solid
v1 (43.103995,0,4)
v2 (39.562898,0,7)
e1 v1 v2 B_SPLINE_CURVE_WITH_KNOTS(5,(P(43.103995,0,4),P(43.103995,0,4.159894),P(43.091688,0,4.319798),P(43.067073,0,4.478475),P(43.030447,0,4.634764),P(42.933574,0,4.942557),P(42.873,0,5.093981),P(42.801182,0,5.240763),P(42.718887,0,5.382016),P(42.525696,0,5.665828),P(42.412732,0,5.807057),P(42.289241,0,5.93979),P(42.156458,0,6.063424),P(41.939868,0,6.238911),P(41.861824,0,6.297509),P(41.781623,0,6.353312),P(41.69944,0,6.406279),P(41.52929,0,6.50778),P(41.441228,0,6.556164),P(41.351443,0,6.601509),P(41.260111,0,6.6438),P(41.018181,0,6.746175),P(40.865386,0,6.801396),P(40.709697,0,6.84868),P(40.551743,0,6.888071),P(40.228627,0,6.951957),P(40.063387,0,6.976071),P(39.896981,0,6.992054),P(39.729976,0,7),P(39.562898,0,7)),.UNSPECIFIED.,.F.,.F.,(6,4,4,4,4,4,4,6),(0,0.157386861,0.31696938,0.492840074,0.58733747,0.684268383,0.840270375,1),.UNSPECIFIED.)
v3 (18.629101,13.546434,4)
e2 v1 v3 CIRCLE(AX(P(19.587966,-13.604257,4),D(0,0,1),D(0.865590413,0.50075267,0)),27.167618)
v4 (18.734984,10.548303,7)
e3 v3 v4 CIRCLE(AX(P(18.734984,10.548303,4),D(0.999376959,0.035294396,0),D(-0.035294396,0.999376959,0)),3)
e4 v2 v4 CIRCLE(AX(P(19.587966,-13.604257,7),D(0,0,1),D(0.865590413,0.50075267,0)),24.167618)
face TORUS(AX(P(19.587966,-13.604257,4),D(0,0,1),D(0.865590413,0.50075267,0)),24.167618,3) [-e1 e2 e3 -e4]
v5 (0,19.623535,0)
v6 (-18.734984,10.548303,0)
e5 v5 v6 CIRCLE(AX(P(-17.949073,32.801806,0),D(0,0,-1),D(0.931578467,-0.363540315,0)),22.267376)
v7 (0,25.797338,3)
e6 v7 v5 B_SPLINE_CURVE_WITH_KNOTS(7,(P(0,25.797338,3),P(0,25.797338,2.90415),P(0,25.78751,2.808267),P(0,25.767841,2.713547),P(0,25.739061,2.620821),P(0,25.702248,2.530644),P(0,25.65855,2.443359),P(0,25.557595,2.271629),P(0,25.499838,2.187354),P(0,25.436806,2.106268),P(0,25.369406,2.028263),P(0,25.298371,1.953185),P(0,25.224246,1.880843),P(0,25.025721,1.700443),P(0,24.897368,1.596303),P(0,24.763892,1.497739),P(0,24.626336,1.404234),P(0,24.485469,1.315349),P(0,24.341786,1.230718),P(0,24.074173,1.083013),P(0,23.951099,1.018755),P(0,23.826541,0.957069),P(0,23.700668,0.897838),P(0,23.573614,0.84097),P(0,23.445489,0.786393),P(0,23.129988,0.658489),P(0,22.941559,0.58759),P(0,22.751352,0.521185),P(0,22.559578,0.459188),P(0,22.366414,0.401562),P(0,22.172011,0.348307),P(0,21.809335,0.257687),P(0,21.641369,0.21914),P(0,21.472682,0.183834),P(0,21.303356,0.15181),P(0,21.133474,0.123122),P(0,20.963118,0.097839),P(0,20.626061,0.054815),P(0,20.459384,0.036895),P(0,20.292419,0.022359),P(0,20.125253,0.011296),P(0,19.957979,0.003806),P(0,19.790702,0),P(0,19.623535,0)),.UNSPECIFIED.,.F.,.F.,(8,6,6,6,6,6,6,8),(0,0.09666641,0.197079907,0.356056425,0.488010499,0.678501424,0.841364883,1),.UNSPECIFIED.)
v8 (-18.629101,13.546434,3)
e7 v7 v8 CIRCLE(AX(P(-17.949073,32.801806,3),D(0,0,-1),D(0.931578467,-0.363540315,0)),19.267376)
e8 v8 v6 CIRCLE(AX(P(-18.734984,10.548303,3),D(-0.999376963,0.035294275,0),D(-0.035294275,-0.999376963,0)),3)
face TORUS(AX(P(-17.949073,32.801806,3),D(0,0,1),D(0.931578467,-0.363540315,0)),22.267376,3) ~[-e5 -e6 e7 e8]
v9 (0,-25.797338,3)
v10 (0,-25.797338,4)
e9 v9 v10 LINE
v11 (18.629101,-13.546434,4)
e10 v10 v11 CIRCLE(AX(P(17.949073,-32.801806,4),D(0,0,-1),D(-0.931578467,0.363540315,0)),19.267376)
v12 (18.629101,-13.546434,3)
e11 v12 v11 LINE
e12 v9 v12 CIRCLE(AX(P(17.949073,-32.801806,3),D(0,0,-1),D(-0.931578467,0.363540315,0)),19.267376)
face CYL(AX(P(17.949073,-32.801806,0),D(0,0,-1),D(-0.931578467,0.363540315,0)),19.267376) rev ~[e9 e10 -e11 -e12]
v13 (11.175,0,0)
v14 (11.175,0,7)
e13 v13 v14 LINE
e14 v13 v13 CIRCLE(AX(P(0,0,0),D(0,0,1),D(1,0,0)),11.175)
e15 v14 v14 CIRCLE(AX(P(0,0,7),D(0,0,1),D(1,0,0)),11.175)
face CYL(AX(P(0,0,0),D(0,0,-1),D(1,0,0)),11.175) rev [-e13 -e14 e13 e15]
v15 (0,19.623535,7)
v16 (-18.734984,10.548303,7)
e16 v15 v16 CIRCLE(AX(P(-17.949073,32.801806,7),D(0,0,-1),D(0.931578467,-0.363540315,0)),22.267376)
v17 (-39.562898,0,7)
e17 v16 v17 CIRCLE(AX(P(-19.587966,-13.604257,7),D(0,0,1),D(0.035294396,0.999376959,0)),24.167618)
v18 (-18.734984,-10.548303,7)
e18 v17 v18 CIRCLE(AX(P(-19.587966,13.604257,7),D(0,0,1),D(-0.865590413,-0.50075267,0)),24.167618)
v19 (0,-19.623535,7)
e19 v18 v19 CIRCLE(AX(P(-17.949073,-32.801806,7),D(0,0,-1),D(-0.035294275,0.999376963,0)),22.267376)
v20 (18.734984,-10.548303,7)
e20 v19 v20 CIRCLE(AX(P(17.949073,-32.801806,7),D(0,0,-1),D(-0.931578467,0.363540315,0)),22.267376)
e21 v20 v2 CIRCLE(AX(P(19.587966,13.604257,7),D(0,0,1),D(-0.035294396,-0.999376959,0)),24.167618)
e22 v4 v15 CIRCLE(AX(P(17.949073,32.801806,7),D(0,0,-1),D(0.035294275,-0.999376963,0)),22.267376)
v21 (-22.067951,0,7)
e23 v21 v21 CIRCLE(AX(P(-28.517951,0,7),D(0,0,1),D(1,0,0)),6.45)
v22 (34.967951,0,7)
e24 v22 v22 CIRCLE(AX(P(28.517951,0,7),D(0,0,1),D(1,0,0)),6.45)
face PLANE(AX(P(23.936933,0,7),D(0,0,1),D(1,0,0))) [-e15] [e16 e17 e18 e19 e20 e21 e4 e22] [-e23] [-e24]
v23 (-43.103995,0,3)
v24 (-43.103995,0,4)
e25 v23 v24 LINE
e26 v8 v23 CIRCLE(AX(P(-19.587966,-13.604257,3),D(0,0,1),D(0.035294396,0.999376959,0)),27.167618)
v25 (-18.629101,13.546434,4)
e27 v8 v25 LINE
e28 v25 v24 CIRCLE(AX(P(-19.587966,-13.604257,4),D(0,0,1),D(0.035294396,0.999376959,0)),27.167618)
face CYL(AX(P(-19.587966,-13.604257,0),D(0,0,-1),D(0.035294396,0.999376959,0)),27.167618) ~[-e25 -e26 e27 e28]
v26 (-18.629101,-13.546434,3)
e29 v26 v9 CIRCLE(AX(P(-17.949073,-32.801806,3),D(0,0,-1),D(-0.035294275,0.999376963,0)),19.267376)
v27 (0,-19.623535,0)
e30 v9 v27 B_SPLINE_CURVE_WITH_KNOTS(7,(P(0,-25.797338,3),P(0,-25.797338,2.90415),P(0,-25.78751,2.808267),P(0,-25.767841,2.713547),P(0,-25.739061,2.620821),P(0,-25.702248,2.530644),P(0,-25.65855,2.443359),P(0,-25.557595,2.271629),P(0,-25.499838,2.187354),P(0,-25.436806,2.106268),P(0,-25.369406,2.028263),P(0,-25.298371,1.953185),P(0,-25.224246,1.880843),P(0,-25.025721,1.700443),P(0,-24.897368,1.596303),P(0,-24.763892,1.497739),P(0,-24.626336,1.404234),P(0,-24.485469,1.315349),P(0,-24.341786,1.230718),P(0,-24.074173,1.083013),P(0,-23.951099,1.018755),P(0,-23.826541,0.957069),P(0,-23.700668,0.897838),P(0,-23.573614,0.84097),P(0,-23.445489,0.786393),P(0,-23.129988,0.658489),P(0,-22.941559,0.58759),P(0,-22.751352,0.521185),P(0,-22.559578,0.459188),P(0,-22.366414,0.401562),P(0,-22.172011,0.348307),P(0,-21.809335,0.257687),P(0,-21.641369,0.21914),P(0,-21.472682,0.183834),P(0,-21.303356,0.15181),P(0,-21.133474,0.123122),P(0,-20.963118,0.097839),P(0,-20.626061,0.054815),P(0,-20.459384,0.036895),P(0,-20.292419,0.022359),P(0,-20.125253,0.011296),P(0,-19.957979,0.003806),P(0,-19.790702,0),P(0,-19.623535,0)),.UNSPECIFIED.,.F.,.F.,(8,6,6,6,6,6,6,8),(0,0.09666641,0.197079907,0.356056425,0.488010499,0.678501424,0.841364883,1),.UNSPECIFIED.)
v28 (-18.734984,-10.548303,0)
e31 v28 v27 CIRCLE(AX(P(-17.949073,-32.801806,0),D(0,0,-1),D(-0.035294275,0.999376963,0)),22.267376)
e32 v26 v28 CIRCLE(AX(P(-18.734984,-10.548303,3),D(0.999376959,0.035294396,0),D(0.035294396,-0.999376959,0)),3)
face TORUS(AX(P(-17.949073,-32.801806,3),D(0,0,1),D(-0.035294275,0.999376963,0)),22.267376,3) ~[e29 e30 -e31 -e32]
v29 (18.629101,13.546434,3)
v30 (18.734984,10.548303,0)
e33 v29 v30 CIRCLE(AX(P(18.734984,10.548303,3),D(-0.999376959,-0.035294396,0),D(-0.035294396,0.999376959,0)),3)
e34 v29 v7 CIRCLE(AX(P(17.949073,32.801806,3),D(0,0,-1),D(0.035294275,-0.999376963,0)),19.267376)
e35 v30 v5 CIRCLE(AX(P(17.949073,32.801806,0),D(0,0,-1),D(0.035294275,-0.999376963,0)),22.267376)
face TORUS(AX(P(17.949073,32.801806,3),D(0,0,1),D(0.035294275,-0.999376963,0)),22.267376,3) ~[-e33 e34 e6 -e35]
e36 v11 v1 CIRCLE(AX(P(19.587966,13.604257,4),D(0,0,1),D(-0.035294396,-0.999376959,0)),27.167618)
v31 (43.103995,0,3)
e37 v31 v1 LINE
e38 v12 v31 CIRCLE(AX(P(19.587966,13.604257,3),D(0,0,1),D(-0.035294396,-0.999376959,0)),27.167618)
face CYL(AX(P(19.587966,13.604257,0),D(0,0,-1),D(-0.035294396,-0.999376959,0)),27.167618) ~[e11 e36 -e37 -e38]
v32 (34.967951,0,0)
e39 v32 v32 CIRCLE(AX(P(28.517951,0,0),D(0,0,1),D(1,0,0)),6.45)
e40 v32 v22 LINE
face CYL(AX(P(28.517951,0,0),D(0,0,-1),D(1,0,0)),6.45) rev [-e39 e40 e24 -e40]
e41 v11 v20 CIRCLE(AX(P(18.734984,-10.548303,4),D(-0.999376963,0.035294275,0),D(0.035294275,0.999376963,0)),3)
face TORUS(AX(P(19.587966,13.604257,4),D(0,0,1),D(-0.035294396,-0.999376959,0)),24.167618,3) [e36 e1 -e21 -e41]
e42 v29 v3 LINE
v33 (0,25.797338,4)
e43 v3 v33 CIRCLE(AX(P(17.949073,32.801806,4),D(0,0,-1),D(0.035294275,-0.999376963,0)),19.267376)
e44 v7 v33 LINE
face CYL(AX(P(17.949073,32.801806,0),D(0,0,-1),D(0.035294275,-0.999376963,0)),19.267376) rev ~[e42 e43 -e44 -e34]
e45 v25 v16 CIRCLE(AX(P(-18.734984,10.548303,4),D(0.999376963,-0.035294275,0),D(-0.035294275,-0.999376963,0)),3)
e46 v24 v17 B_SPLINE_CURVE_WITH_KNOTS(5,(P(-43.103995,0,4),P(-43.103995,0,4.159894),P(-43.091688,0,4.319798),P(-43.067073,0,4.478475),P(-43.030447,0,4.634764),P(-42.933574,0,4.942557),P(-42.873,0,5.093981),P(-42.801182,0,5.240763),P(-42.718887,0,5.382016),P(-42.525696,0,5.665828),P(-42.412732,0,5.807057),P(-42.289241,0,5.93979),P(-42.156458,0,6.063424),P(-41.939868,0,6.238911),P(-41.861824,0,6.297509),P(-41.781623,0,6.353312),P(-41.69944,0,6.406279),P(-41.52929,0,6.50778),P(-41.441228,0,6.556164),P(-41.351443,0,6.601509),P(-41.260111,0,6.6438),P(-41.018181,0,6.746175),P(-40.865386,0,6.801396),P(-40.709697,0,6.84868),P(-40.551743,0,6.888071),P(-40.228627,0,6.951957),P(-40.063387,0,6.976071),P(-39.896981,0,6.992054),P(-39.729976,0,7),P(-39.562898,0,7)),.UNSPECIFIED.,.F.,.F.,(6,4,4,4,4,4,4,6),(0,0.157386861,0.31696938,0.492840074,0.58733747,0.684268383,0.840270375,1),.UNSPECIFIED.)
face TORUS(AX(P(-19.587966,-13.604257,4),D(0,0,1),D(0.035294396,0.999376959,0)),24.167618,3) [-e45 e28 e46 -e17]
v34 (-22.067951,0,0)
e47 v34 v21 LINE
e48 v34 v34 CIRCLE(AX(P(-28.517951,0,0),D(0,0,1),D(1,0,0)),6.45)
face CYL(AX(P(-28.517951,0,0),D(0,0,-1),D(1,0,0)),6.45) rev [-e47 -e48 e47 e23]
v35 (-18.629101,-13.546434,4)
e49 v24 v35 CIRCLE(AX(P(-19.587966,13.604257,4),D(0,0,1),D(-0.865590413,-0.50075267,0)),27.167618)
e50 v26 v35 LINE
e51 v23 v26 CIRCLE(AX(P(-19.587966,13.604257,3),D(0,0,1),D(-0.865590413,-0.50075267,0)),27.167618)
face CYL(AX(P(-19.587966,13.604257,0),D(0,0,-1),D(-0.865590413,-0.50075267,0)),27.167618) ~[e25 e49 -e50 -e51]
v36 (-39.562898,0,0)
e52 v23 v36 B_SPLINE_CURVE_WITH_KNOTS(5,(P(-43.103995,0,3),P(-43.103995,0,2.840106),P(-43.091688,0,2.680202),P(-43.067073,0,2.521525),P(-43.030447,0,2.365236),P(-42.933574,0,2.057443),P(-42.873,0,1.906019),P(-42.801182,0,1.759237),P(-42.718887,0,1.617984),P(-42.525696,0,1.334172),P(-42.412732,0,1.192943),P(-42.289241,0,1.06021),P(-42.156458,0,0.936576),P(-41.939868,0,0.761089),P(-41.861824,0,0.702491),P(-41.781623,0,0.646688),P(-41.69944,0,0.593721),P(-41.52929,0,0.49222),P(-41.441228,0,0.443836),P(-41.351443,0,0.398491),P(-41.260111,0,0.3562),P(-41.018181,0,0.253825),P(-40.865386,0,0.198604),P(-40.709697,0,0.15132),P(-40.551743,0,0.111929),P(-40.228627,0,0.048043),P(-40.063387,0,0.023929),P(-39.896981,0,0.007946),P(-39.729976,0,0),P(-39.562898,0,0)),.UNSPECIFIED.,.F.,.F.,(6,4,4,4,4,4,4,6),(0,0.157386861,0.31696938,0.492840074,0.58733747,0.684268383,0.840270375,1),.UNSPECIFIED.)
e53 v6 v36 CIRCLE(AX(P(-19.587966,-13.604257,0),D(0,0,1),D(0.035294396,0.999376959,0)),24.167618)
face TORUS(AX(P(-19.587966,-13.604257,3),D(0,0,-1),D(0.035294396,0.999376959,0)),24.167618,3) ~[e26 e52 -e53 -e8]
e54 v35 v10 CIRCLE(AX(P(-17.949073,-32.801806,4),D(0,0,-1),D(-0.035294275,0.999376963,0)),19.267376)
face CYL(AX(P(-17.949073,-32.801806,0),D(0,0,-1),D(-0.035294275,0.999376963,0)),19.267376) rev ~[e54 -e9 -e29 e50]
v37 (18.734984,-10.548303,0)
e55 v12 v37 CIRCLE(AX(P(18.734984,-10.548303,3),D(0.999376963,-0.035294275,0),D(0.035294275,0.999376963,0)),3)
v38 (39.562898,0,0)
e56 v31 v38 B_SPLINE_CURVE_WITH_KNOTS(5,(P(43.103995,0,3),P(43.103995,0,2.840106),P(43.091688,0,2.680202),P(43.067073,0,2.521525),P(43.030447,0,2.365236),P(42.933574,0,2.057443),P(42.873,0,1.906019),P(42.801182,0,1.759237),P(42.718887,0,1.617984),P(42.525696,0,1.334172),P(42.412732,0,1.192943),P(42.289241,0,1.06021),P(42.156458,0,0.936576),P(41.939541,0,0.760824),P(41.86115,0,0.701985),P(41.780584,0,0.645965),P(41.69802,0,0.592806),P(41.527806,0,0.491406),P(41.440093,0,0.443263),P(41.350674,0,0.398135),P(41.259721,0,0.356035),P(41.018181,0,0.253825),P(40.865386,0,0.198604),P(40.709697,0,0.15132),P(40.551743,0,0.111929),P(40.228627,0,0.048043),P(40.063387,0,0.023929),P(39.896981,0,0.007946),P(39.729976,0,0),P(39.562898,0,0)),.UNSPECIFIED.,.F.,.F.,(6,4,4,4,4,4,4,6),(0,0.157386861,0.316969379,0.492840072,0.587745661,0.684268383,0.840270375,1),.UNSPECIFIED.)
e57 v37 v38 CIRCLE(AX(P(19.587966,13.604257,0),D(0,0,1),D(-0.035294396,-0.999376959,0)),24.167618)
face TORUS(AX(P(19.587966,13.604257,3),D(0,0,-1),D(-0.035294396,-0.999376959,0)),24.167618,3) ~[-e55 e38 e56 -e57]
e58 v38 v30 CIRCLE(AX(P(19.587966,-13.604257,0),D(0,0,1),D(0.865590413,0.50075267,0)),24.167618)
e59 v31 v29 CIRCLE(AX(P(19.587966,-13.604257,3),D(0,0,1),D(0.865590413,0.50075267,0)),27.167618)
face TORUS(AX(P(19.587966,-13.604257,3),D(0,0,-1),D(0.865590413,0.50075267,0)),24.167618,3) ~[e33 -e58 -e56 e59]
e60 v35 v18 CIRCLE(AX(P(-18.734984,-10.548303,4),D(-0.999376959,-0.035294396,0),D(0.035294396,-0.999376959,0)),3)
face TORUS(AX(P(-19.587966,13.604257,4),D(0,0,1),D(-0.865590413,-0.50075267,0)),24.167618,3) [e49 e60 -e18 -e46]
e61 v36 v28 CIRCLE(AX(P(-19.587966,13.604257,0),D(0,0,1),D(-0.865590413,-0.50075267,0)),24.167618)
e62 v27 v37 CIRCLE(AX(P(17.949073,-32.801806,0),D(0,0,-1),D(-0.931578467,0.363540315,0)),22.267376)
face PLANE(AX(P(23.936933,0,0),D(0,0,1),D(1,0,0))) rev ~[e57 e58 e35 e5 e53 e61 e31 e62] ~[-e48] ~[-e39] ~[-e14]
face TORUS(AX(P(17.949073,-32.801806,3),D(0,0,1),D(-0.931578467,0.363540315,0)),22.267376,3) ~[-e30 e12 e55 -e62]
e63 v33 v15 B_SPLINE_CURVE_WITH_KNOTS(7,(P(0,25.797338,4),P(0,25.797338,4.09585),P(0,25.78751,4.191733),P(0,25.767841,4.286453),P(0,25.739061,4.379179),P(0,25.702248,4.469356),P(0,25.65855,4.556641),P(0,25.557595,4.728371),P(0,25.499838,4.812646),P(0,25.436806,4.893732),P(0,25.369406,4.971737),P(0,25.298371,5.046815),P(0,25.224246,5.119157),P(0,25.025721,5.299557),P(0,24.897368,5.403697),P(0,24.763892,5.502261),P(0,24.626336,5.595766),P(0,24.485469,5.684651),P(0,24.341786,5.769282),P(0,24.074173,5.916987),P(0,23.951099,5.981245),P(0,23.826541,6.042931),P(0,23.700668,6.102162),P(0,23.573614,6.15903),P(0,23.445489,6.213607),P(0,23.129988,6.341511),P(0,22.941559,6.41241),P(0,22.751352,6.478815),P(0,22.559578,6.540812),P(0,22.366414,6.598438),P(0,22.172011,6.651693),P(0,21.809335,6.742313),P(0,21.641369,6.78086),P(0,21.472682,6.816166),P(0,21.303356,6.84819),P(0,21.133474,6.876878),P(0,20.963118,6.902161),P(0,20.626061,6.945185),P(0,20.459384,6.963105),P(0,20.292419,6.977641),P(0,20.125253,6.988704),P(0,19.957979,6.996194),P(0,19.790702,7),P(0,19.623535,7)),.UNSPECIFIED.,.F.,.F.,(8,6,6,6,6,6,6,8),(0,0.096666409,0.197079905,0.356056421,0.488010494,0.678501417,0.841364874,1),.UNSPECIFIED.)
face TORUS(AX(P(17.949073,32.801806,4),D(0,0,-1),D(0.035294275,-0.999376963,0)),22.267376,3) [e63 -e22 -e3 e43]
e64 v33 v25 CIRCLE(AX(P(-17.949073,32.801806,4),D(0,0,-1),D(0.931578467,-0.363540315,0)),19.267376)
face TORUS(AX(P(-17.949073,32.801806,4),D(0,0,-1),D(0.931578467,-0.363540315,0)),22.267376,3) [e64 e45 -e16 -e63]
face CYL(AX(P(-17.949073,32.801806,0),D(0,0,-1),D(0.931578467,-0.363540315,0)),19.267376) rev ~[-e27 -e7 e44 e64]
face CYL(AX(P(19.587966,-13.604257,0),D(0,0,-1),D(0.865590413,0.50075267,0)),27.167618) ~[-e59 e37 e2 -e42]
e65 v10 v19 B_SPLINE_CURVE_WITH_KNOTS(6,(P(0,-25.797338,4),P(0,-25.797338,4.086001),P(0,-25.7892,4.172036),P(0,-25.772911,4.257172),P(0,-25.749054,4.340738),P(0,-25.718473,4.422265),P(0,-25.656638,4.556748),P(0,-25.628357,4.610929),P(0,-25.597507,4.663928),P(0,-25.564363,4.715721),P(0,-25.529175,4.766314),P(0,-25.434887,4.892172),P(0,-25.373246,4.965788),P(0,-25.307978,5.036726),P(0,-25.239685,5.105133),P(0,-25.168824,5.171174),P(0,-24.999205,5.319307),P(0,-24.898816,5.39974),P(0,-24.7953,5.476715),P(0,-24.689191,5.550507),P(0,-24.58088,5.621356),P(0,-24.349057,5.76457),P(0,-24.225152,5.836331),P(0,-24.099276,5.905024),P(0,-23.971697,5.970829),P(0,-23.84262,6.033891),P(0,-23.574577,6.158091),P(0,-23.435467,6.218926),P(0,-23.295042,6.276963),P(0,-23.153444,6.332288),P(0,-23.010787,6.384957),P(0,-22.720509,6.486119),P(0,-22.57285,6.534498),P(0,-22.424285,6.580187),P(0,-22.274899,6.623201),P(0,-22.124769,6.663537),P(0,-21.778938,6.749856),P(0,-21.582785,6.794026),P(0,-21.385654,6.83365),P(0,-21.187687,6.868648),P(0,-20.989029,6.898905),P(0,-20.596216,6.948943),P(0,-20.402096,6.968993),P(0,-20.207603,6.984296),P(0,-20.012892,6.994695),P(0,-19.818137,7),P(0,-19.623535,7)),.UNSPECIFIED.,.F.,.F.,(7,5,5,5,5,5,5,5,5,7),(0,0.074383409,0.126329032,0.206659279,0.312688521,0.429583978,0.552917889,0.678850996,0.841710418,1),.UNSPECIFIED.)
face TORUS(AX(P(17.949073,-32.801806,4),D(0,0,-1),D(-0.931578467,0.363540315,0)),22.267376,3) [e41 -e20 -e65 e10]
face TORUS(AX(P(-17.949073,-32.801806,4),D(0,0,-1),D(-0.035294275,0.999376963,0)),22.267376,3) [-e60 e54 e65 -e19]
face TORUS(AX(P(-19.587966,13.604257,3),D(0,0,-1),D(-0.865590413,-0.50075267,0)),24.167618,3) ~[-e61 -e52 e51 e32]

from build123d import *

# Parameters (mm, degrees)
F0_R     = 6.45
F0_R_2   = 11.175
F1_DEPTH = 7
F2_R     = 3


with BuildPart() as f1:
    # F0 (on Top) → F1 (new body)
    with BuildSketch(Plane.XY):
        with BuildLine():
            ThreePointArc((9.599923, 11.660709), (13.65884, 6.447227), (15.103995, 0))
            ThreePointArc((15.103995, 0), (13.65884, -6.447227), (9.599923, -11.660709))
            ThreePointArc((9.599923, -11.660709), (14.033897, -12.989573), (18.629101, -13.546434))
            ThreePointArc((18.629101, -13.546434), (32.744063, -10.165399), (43.103995, 0))
            ThreePointArc((43.103995, 0), (32.744063, 10.165399), (18.629101, 13.546434))
            ThreePointArc((18.629101, 13.546434), (14.033897, 12.989573), (9.599923, 11.660709))
        make_face()
        with Locations((28.517951, 0)):
            Circle(F0_R, mode=Mode.SUBTRACT)
        with BuildLine():
            ThreePointArc((-9.599923, 11.660709), (0, 15.103995), (9.599923, 11.660709))
            ThreePointArc((9.599923, 11.660709), (14.033897, 12.989573), (18.629101, 13.546434))
            ThreePointArc((18.629101, 13.546434), (7.362471, 16.703494), (0, 25.797338))
            ThreePointArc((0, 25.797338), (-7.362471, 16.703494), (-18.629101, 13.546434))
            ThreePointArc((-18.629101, 13.546434), (-14.033897, 12.989573), (-9.599923, 11.660709))
        make_face()
        with BuildLine():
            ThreePointArc((18.629101, -13.546434), (14.033897, -12.989573), (9.599923, -11.660709))
            ThreePointArc((9.599923, -11.660709), (0, -15.103995), (-9.599923, -11.660709))
            ThreePointArc((-9.599923, -11.660709), (-14.033897, -12.989573), (-18.629101, -13.546434))
            ThreePointArc((-18.629101, -13.546434), (-7.362471, -16.703494), (0, -25.797338))
            ThreePointArc((0, -25.797338), (7.362471, -16.703494), (18.629101, -13.546434))
        make_face()
        with BuildLine():
            ThreePointArc((-9.599923, -11.660709), (-15.103995, 0), (-9.599923, 11.660709))
            ThreePointArc((-9.599923, 11.660709), (-14.033897, 12.989573), (-18.629101, 13.546434))
            ThreePointArc((-18.629101, 13.546434), (-32.744063, 10.165399), (-43.103995, 0))
            ThreePointArc((-43.103995, 0), (-32.744063, -10.165399), (-18.629101, -13.546434))
            ThreePointArc((-18.629101, -13.546434), (-14.033897, -12.989573), (-9.599923, -11.660709))
        make_face()
        with Locations((-28.517951, 0)):
            Circle(F0_R, mode=Mode.SUBTRACT)
        with BuildLine():
            ThreePointArc((9.599923, -11.660709), (13.65884, -6.447227), (15.103995, 0))
            ThreePointArc((15.103995, 0), (13.65884, 6.447227), (9.599923, 11.660709))
            ThreePointArc((9.599923, 11.660709), (0, 15.103995), (-9.599923, 11.660709))
            ThreePointArc((-9.599923, 11.660709), (-15.103995, 0), (-9.599923, -11.660709))
            ThreePointArc((-9.599923, -11.660709), (0, -15.103995), (9.599923, -11.660709))
        make_face()
        Circle(F0_R_2, mode=Mode.SUBTRACT)
    extrude(amount=F1_DEPTH)

    # F2
    f2_edges = [f1.edges().sort_by_distance(p)[0] for p in [
        (7.362471, -16.703494, 7),
        (32.744063, -10.165399, 7),
        (32.744063, 10.165399, 7),
        (7.362471, 16.703494, 7),
        (-7.362471, 16.703494, 7),
        (-32.744063, -10.165399, 7),
        (-7.362471, -16.703494, 7),
        (-32.744063, 10.165399, 7),
        (7.362471, -16.703494, 0),
        (32.744063, -10.165399, 0),
        (-7.362471, -16.703494, 0),
        (-32.744063, -10.165399, 0),
        (-32.744063, 10.165399, 0),
        (-7.362471, 16.703494, 0),
        (7.362471, 16.703494, 0),
        (32.744063, 10.165399, 0),
    ]]
    fillet(f2_edges, radius=F2_R)


solid = f1.part
